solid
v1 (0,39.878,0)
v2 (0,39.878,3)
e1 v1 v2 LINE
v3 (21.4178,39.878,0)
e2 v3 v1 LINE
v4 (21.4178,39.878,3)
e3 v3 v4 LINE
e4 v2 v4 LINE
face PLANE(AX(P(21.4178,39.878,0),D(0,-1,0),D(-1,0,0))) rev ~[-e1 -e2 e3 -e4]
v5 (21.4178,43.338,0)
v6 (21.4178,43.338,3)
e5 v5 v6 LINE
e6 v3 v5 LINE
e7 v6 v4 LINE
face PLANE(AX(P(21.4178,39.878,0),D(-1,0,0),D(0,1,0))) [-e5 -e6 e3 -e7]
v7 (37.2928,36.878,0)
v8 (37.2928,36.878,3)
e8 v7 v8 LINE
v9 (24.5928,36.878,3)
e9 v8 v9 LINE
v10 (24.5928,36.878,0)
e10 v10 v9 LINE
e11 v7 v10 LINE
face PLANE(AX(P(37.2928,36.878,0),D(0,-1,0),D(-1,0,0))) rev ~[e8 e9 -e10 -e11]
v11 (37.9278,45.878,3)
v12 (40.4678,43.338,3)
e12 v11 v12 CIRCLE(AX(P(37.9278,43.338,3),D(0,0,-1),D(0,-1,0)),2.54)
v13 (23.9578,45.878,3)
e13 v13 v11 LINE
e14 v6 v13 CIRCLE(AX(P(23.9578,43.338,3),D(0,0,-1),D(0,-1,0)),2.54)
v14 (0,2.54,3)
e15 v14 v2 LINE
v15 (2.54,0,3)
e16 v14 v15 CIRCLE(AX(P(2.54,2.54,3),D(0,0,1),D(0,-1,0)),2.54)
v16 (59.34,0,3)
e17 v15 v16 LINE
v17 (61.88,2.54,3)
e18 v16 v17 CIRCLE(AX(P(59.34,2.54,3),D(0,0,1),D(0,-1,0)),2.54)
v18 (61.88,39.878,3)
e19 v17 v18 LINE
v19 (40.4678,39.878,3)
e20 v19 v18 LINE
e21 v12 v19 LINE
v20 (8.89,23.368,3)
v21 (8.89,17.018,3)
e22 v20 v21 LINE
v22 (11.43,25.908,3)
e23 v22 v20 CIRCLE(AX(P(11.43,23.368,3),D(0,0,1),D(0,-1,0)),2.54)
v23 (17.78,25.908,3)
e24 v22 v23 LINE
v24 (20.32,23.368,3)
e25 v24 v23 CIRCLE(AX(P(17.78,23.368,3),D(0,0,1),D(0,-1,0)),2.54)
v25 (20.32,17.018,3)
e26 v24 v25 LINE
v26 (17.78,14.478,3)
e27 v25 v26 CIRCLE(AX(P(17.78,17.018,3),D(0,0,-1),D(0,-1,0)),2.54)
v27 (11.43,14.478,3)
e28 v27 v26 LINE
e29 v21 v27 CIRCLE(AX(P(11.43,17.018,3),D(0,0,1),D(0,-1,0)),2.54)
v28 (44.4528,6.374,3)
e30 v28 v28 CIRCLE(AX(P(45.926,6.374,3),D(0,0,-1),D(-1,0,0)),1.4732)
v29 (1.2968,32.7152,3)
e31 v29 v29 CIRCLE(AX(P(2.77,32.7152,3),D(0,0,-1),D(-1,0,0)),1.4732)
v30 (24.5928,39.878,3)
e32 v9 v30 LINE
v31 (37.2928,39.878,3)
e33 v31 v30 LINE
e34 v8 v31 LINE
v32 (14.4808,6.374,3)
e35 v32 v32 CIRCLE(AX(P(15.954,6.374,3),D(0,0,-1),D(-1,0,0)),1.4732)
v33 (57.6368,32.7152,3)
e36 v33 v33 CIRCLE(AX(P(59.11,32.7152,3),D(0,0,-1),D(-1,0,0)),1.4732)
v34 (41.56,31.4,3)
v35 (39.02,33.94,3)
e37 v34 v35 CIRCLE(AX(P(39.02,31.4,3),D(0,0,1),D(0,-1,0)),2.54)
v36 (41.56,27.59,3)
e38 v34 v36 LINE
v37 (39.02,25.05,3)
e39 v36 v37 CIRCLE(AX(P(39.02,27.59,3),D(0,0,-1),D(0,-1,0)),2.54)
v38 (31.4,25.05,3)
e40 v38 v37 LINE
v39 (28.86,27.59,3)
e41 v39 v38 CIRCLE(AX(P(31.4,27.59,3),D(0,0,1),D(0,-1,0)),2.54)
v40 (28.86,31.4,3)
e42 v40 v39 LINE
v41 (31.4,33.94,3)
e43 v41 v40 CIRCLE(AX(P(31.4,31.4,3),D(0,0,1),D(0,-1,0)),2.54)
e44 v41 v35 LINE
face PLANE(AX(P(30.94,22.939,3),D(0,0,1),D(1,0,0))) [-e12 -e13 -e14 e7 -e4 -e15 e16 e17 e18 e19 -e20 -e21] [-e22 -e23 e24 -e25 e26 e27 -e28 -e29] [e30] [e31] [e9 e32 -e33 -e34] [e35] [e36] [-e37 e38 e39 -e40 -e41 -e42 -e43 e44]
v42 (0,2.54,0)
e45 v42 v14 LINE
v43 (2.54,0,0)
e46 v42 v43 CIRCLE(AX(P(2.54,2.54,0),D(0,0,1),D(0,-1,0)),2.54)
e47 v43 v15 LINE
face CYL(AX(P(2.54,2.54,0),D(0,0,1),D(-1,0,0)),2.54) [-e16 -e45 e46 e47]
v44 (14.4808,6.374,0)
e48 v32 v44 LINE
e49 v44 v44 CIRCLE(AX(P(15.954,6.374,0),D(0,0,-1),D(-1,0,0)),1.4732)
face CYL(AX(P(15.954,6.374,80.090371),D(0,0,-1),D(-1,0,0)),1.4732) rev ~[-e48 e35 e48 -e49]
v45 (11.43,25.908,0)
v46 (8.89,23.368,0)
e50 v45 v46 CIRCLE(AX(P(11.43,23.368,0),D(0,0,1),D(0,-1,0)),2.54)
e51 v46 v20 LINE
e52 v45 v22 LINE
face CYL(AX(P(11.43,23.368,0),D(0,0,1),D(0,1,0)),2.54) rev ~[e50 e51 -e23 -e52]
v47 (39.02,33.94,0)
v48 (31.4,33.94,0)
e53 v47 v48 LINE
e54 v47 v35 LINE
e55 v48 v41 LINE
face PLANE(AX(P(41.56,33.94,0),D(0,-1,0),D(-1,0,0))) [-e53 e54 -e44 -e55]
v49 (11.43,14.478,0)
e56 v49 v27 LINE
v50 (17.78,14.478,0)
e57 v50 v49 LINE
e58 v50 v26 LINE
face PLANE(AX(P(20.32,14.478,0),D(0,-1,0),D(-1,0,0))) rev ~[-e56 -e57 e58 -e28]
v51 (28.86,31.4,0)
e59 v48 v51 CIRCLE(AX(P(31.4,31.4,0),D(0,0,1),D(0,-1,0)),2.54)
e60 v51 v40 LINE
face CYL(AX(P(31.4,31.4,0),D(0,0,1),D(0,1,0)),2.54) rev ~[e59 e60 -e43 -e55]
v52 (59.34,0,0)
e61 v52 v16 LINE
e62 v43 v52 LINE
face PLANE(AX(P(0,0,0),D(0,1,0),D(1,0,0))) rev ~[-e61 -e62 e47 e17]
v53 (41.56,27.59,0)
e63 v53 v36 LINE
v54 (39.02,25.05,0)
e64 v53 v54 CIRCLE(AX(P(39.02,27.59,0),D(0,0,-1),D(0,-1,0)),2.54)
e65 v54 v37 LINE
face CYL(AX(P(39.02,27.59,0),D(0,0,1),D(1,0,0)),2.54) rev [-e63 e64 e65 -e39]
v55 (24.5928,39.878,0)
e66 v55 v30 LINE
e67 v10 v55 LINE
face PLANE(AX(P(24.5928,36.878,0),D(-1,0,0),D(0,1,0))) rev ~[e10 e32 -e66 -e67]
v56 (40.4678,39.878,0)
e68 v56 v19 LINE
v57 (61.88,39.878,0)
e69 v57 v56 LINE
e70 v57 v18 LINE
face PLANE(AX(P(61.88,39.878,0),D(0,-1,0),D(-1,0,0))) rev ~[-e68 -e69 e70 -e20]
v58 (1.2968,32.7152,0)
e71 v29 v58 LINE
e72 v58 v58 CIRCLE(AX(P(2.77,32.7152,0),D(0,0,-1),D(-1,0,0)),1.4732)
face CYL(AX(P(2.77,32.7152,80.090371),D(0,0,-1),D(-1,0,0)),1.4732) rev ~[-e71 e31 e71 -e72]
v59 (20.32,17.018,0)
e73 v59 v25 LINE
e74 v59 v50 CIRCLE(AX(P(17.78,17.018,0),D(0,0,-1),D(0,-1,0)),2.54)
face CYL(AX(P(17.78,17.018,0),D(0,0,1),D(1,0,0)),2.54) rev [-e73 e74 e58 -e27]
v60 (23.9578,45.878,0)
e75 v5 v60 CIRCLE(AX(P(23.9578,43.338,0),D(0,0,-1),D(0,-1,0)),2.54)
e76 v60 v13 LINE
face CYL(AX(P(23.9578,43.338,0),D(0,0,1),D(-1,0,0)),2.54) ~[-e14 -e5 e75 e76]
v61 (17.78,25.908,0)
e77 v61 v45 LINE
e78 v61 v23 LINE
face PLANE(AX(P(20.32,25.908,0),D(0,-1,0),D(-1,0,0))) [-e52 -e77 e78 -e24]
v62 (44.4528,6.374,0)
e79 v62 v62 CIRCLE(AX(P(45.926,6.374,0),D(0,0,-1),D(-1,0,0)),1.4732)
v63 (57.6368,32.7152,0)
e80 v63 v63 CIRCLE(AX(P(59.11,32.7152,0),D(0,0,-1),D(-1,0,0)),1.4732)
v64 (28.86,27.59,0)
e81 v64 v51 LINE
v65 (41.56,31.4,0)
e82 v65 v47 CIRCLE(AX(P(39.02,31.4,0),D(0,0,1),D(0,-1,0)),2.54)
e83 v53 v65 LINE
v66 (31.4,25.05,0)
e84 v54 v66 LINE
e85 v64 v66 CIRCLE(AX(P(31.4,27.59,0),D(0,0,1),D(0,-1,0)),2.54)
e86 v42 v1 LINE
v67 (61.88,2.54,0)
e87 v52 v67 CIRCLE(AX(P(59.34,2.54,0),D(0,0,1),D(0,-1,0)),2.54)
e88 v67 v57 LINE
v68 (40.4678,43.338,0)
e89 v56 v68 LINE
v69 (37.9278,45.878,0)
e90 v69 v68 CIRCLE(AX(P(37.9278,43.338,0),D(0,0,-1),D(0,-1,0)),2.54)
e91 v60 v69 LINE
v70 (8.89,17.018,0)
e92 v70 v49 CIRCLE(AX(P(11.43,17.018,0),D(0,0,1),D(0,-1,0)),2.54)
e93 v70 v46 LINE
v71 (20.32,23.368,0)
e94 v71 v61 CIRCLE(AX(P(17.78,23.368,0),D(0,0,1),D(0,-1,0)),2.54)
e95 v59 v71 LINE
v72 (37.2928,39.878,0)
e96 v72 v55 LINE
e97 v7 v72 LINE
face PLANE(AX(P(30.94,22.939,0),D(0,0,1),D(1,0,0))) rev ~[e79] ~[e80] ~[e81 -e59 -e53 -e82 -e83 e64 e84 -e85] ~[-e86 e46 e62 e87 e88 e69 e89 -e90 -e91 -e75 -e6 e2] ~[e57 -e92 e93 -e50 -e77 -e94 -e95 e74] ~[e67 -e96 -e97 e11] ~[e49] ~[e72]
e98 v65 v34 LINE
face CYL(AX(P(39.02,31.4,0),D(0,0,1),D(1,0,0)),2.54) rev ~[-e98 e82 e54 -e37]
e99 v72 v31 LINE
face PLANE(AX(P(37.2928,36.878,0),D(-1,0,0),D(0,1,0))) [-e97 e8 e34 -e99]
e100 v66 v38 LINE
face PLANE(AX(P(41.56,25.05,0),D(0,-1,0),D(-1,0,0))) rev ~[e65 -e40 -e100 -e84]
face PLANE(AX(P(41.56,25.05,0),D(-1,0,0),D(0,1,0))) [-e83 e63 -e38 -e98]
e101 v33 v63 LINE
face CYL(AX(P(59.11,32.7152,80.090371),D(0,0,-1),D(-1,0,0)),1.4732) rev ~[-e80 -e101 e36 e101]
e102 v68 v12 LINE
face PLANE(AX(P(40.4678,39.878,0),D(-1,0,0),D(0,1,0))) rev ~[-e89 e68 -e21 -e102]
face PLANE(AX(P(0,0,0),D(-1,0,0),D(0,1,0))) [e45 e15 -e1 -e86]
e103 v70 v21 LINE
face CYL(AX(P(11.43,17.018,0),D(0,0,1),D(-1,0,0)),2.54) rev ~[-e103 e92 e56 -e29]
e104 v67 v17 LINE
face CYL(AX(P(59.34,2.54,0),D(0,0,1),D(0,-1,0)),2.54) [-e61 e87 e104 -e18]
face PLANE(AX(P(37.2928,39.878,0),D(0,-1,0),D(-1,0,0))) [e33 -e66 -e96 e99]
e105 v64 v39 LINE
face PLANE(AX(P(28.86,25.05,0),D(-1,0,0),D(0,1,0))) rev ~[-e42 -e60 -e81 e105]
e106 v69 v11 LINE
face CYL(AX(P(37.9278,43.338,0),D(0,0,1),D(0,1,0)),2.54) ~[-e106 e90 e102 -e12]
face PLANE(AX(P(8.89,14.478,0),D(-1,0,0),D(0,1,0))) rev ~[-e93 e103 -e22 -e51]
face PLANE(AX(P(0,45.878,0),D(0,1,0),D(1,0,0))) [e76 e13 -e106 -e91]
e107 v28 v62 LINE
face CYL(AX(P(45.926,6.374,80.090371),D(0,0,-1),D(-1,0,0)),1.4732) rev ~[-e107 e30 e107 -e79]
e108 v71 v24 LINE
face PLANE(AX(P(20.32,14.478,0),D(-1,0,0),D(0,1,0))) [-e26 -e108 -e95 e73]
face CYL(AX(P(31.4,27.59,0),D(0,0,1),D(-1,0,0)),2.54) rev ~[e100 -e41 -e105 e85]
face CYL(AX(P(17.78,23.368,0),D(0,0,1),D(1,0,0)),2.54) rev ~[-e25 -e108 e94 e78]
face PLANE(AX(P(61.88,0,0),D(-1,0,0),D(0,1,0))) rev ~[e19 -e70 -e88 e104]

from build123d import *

# Parameters (mm, degrees)
SKETCH1_W                   = 61.88
SKETCH1_H                   = 45.878000096
BOSS_EXTRUDE1_DEPTH         = 3
F_32_0_116_DIAMETER_HOLE1_D = 2.9464
FILLET1_R                   = 2.54
SKETCH6_W                   = 12.7
SKETCH6_H                   = 3
CUT_EXTRUDE1_DEPTH          = 3
SKETCH7_W                   = 12.7
SKETCH7_H                   = 8.89
SKETCH7_W_2                 = 11.43
SKETCH7_H_2                 = 11.43
CUT_EXTRUDE2_DEPTH          = 78.090370947
FILLET2_R                   = 2.54
SKETCH9_W                   = 21.4122
SKETCH9_H                   = 6.000000096
SKETCH9_W_2                 = 21.4178
CUT_EXTRUDE3_DEPTH          = 78.090370947
FILLET4_R                   = 2.54


with BuildPart() as part:
    # Sketch1 → Boss-Extrude1 (new body)
    with BuildSketch(Plane.XY):
        with Locations((30.94, 22.939000048)):
            Rectangle(SKETCH1_W, SKETCH1_H)
    extrude(amount=BOSS_EXTRUDE1_DEPTH)

    # #32 (0.116) Diameter Hole1 (through all)
    with Locations(Plane.XY.offset(3)):
        with Locations((15.954, 6.373999952), (45.926, 6.373999952), (59.11, 32.7152), (2.77, 32.7152)):
            Hole(F_32_0_116_DIAMETER_HOLE1_D / 2)

    # Fillet1
    fillet1_edges = [part.edges().sort_by_distance(p)[0] for p in [
        (61.88, 0, 1.5),
        (0, 0, 1.5),
    ]]
    fillet(fillet1_edges, radius=FILLET1_R)

    # Sketch6 → Cut-Extrude1 (cut)
    with BuildSketch(Plane(origin=(0, 0, 0), x_dir=(-1, 0, 0), z_dir=(0, 0, -1))):
        with Locations((-30.9428, 38.378)):
            Rectangle(SKETCH6_W, SKETCH6_H)
    extrude(amount=-CUT_EXTRUDE1_DEPTH, mode=Mode.SUBTRACT)

    # Sketch7 → Cut-Extrude2 (cut, through all)
    with BuildSketch(Plane(origin=(0, 0, 0), x_dir=(-1, 0, 0), z_dir=(0, 0, -1))):
        with Locations((-35.21, 29.495000096)):
            Rectangle(SKETCH7_W, SKETCH7_H)
        with Locations((-14.605, 20.193)):
            Rectangle(SKETCH7_W_2, SKETCH7_H_2)
    extrude(amount=-CUT_EXTRUDE2_DEPTH, mode=Mode.SUBTRACT)

    # Fillet2
    fillet2_edges = [part.edges().sort_by_distance(p)[0] for p in [
        (41.56, 25.050000096, 1.5),
        (41.56, 33.940000096, 1.5),
        (28.86, 33.940000096, 1.5),
        (28.86, 25.050000096, 1.5),
        (20.32, 14.478, 1.5),
        (20.32, 25.908, 1.5),
        (8.89, 25.908, 1.5),
        (8.89, 14.478, 1.5),
    ]]
    fillet(fillet2_edges, radius=FILLET2_R)

    # Sketch9 → Cut-Extrude3 (cut, through all)
    with BuildSketch(Plane(origin=(0, 0, 0), x_dir=(-1, 0, 0), z_dir=(0, 0, -1))):
        with Locations((-51.1739, 42.878000048)):
            Rectangle(SKETCH9_W, SKETCH9_H)
        with Locations((-10.7089, 42.878000048)):
            Rectangle(SKETCH9_W_2, SKETCH9_H)
    extrude(amount=-CUT_EXTRUDE3_DEPTH, mode=Mode.SUBTRACT)

    # Fillet4
    fillet4_edges = [part.edges().sort_by_distance(p)[0] for p in [
        (40.4678, 45.878000096, 1.5),
        (21.4178, 45.878000096, 1.5),
    ]]
    fillet(fillet4_edges, radius=FILLET4_R)


solid = part.part
